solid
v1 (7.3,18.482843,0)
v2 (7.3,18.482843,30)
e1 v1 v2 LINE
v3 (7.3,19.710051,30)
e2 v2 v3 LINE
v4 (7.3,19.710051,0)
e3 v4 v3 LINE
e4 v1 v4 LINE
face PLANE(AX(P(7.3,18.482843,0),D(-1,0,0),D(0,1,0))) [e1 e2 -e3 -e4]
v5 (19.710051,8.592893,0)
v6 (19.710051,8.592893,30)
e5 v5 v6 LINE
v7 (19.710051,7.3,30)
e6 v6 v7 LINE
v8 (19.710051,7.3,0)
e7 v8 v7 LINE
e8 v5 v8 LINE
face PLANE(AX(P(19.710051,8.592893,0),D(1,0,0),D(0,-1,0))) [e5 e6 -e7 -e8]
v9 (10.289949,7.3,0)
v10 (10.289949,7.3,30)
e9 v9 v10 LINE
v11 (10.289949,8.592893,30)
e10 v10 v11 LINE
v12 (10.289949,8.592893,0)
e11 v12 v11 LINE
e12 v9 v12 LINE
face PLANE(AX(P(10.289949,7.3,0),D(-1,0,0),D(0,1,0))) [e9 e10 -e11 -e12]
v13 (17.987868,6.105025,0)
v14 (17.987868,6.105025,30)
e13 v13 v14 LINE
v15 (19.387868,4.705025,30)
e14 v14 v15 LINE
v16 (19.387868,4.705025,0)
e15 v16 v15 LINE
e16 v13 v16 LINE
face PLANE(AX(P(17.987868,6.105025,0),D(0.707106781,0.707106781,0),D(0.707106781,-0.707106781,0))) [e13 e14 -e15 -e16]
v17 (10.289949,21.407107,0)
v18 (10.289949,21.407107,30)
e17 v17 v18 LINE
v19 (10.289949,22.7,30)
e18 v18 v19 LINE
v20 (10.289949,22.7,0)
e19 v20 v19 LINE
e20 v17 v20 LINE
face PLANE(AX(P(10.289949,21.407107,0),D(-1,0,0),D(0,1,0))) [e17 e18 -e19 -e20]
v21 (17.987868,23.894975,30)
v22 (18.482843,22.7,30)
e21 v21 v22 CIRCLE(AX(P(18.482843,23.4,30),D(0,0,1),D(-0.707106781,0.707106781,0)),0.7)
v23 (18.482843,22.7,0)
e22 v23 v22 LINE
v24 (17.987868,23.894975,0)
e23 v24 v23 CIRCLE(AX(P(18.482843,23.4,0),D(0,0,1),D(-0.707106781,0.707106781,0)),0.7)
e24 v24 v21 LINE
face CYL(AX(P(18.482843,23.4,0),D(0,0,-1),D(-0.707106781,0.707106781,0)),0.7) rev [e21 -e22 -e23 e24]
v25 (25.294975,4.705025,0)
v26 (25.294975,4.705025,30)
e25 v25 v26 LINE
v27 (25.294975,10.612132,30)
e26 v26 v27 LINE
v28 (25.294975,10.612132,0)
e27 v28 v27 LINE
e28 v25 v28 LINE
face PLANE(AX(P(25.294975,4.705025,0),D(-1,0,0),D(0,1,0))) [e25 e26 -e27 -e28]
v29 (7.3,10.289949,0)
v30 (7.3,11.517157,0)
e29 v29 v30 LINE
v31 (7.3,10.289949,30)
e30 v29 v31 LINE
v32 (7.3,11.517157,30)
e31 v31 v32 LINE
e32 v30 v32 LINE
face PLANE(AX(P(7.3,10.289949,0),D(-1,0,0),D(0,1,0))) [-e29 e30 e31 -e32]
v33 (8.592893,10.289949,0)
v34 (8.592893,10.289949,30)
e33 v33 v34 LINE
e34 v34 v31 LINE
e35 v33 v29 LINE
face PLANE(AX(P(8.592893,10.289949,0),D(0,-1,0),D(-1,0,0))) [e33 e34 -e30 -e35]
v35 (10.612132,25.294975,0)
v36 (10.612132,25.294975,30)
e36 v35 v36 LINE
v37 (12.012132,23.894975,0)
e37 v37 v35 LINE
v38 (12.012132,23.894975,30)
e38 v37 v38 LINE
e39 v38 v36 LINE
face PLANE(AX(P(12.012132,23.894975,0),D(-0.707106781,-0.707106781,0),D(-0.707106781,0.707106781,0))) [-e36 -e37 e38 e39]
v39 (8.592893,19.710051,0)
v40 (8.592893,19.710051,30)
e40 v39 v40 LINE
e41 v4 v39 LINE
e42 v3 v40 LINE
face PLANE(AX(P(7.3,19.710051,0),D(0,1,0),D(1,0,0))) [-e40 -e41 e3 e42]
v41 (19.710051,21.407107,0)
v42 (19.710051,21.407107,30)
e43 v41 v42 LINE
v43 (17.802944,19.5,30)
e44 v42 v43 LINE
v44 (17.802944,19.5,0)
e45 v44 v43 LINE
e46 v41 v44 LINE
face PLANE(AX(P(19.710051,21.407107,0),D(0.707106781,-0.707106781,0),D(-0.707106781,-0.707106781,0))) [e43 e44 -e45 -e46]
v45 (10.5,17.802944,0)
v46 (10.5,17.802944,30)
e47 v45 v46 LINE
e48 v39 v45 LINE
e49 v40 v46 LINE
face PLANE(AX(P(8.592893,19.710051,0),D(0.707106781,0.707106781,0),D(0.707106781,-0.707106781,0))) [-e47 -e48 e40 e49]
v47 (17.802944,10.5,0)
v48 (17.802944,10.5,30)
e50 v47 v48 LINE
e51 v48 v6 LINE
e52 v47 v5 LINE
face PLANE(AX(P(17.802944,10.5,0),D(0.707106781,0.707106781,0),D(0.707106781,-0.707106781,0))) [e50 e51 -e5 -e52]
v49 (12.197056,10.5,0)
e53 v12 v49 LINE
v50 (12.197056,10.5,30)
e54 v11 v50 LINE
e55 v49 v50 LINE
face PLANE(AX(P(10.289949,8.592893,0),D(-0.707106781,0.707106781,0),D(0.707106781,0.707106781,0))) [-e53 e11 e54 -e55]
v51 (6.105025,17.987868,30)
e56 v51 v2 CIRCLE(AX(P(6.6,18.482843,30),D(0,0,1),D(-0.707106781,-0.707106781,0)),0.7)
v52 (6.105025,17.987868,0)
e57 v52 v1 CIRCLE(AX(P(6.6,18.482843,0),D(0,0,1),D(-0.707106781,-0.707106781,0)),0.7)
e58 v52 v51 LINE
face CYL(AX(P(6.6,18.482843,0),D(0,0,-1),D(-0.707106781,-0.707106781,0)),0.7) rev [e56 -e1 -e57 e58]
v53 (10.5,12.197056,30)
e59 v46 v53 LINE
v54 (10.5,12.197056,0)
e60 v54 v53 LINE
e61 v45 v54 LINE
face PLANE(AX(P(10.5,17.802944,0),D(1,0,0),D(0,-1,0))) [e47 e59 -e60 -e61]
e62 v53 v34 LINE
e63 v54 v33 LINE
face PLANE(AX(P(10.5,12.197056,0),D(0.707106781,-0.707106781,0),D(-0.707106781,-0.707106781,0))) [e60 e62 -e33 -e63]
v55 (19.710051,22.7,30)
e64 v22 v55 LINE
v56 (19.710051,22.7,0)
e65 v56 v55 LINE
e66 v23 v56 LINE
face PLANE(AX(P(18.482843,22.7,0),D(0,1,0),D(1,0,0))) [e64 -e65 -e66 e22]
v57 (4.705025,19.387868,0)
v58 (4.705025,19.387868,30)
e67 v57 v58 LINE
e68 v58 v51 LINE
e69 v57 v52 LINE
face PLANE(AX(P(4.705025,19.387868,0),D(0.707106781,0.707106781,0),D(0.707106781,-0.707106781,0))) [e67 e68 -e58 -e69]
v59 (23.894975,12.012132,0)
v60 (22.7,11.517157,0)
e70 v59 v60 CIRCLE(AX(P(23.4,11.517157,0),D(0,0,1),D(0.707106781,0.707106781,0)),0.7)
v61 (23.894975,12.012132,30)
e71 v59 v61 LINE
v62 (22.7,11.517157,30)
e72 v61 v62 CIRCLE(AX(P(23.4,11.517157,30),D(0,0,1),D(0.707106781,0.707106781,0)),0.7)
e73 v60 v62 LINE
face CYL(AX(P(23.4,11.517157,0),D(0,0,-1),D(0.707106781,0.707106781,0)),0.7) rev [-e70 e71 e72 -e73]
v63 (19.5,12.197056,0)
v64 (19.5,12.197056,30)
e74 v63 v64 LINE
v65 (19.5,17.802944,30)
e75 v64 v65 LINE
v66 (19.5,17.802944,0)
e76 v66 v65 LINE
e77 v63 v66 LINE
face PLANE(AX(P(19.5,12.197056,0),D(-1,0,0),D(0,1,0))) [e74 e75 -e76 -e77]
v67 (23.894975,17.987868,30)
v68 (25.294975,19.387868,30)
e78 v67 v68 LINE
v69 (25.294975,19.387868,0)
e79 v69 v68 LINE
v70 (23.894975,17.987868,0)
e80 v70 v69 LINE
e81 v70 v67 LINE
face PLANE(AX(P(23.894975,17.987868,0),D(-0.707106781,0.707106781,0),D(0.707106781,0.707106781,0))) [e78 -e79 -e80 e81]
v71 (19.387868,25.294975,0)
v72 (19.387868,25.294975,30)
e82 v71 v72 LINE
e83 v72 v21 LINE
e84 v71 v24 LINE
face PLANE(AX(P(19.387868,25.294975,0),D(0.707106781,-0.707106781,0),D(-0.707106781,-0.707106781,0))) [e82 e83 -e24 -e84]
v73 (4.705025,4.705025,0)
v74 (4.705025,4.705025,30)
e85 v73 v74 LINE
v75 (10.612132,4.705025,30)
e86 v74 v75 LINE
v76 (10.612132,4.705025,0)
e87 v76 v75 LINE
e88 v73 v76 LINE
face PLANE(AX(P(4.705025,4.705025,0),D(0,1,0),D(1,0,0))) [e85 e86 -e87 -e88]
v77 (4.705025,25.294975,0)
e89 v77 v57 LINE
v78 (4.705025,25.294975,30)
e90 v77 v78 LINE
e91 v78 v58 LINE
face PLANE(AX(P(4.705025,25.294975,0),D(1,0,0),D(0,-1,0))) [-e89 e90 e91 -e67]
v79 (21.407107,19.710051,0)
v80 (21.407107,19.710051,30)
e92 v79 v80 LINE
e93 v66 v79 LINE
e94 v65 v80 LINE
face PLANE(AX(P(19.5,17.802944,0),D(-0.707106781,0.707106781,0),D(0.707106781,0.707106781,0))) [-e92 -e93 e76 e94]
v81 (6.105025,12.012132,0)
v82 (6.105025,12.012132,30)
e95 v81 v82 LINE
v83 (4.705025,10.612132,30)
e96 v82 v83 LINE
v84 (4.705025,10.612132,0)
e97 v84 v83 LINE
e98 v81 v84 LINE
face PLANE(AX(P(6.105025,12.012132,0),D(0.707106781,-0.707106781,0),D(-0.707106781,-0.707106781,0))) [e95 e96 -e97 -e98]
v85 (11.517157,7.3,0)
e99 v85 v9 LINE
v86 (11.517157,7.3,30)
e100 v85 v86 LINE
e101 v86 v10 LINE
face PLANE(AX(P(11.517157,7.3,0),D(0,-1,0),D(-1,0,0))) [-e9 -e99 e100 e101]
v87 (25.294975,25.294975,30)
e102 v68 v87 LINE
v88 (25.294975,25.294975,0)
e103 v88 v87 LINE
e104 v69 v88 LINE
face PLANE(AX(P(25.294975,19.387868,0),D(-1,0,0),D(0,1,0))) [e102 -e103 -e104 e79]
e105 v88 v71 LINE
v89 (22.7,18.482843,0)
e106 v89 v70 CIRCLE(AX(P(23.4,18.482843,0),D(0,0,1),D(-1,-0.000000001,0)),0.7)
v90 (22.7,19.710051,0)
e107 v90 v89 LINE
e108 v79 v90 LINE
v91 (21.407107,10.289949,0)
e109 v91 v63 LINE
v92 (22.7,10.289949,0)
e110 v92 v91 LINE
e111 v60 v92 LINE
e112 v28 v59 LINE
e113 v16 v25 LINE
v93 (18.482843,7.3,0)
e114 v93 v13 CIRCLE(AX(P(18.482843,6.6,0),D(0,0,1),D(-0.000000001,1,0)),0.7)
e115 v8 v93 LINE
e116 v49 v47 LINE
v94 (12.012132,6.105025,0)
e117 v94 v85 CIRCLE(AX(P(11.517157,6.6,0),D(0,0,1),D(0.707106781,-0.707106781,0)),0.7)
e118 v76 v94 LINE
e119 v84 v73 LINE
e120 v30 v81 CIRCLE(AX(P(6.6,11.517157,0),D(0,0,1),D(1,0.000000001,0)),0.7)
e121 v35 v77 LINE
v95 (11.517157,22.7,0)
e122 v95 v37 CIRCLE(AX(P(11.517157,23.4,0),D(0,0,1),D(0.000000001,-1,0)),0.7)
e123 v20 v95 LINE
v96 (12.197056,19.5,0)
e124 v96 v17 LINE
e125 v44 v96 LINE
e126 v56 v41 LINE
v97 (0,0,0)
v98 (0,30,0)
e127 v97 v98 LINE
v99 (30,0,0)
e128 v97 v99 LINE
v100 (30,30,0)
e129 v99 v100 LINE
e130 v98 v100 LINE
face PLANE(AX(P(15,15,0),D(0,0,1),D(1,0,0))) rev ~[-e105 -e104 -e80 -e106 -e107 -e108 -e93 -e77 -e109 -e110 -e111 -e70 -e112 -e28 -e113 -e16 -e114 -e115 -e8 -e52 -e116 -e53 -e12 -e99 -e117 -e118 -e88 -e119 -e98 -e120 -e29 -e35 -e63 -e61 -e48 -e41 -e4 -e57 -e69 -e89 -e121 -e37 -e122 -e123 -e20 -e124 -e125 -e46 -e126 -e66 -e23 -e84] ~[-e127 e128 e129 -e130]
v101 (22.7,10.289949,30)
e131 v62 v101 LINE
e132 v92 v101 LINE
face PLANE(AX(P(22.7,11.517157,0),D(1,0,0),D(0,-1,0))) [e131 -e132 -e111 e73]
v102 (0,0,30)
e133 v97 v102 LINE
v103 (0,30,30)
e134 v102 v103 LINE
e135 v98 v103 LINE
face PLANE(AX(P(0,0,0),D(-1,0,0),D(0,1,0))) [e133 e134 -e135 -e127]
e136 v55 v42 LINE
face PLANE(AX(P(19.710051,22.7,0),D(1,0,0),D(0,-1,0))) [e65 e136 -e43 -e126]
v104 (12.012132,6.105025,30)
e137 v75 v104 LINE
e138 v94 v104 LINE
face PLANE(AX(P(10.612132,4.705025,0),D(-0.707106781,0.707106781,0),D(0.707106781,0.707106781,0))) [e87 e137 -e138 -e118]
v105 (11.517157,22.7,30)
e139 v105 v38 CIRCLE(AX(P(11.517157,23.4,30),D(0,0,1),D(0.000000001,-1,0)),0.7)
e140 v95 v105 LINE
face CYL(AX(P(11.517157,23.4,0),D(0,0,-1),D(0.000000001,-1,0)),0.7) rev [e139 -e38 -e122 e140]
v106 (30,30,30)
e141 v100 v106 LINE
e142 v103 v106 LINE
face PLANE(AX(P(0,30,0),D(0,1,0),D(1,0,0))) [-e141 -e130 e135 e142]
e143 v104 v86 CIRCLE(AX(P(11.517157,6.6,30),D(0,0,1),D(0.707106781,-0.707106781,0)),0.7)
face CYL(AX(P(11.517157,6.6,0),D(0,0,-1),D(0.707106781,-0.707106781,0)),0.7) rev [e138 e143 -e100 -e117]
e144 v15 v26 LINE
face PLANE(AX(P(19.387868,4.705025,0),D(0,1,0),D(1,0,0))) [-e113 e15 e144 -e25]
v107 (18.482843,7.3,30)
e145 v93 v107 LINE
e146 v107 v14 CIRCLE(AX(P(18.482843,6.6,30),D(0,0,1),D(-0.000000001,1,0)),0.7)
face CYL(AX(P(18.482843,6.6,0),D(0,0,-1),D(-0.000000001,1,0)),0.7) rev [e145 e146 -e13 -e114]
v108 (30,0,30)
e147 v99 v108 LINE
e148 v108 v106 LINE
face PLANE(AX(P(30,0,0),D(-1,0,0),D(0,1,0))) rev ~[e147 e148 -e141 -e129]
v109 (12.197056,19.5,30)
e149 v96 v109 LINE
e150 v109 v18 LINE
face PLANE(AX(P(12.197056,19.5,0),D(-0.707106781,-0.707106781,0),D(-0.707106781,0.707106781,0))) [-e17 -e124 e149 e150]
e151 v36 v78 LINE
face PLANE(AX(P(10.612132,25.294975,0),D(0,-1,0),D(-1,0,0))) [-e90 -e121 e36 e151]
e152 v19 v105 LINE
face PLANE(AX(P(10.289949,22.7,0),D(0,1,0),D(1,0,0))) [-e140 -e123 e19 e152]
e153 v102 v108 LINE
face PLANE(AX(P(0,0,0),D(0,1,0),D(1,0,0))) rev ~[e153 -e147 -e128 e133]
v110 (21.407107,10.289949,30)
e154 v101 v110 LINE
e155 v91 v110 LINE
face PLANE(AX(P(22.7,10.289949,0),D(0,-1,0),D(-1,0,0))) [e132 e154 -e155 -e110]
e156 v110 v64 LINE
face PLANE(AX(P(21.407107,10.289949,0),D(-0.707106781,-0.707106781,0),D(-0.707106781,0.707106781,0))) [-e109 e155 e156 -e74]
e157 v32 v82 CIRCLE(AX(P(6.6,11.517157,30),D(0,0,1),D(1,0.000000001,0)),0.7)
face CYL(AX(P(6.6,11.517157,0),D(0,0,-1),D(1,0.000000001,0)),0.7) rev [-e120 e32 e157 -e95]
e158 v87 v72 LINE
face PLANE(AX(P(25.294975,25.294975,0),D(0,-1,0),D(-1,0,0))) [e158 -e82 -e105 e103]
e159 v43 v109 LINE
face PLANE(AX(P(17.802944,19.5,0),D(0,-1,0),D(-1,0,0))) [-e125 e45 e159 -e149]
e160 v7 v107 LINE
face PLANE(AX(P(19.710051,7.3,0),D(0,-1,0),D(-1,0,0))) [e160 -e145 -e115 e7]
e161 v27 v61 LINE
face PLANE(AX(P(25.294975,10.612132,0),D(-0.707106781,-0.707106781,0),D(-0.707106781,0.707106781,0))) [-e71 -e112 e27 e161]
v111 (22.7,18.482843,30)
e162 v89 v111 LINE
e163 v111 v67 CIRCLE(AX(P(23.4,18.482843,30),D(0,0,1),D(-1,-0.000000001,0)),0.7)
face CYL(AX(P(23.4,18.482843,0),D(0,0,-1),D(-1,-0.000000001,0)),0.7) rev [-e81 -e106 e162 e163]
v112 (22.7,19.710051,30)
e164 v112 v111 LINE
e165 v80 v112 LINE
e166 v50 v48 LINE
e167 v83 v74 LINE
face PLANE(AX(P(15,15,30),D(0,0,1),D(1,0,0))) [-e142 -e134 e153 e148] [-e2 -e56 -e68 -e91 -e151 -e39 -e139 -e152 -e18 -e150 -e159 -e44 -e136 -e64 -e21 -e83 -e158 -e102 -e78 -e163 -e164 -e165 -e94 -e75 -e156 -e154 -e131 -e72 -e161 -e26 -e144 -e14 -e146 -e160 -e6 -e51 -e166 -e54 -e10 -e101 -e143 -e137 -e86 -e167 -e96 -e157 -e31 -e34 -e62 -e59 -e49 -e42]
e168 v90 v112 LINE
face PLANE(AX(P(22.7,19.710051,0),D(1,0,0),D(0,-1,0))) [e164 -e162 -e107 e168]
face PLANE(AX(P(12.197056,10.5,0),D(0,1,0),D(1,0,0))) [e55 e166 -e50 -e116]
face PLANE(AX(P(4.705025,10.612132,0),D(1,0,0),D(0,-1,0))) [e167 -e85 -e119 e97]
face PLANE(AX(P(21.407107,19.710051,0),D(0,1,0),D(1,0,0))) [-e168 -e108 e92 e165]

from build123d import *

# Parameters (mm, degrees)
SKETCH1_W           = 30
SKETCH1_H           = 30
BOSS_EXTRUDE1_DEPTH = 30


with BuildPart() as part:
    # Sketch1 → Boss-Extrude1 (new body)
    with BuildSketch(Plane.XY):
        with Locations((15, 15)):
            Rectangle(SKETCH1_W, SKETCH1_H)
        with BuildLine():
            Line((17.802943725, 19.5), (12.197056275, 19.5))
            Line((12.197056275, 19.5), (10.289949494, 21.407106781))
            Line((10.289949494, 21.407106781), (10.289949494, 22.7))
            Line((10.289949494, 22.7), (11.517157288, 22.7))
            ThreePointArc((11.517157288, 22.7), (12.16387296, 23.132121597), (12.012132034, 23.894974747))
            Line((12.012132034, 23.894974747), (10.612132034, 25.294974747))
            Line((10.612132034, 25.294974747), (4.705025253, 25.294974747))
            Line((4.705025253, 25.294974747), (4.705025253, 19.387867966))
            Line((4.705025253, 19.387867966), (6.105025253, 17.987867966))
            ThreePointArc((6.105025253, 17.987867966), (6.867878403, 17.83612704), (7.3, 18.482842712))
            Line((7.3, 18.482842712), (7.3, 19.710050506))
            Line((7.3, 19.710050506), (8.592893219, 19.710050506))
            Line((8.592893219, 19.710050506), (10.5, 17.802943725))
            Line((10.5, 17.802943725), (10.5, 12.197056275))
            Line((10.5, 12.197056275), (8.592893219, 10.289949494))
            Line((8.592893219, 10.289949494), (7.3, 10.289949494))
            Line((7.3, 10.289949494), (7.3, 11.517157288))
            ThreePointArc((7.3, 11.517157288), (6.867878403, 12.16387296), (6.105025253, 12.012132034))
            Line((6.105025253, 12.012132034), (4.705025253, 10.612132034))
            Line((4.705025253, 10.612132034), (4.705025253, 4.705025253))
            Line((4.705025253, 4.705025253), (10.612132034, 4.705025253))
            Line((10.612132034, 4.705025253), (12.012132034, 6.105025253))
            ThreePointArc((12.012132034, 6.105025253), (12.16387296, 6.867878403), (11.517157288, 7.3))
            Line((11.517157288, 7.3), (10.289949494, 7.3))
            Line((10.289949494, 7.3), (10.289949494, 8.592893219))
            Line((10.289949494, 8.592893219), (12.197056275, 10.5))
            Line((12.197056275, 10.5), (17.802943725, 10.5))
            Line((17.802943725, 10.5), (19.710050506, 8.592893219))
            Line((19.710050506, 8.592893219), (19.710050506, 7.3))
            Line((19.710050506, 7.3), (18.482842712, 7.3))
            ThreePointArc((18.482842712, 7.3), (17.83612704, 6.867878403), (17.987867966, 6.105025253))
            Line((17.987867966, 6.105025253), (19.387867966, 4.705025253))
            Line((19.387867966, 4.705025253), (25.294974747, 4.705025253))
            Line((25.294974747, 4.705025253), (25.294974747, 10.612132034))
            Line((25.294974747, 10.612132034), (23.894974747, 12.012132034))
            ThreePointArc((23.894974747, 12.012132034), (23.132121597, 12.16387296), (22.7, 11.517157288))
            Line((22.7, 11.517157288), (22.7, 10.289949494))
            Line((22.7, 10.289949494), (21.407106781, 10.289949494))
            Line((21.407106781, 10.289949494), (19.5, 12.197056275))
            Line((19.5, 12.197056275), (19.5, 17.802943725))
            Line((19.5, 17.802943725), (21.407106781, 19.710050506))
            Line((21.407106781, 19.710050506), (22.7, 19.710050506))
            Line((22.7, 19.710050506), (22.7, 18.482842712))
            ThreePointArc((22.7, 18.482842712), (23.132121597, 17.83612704), (23.894974747, 17.987867966))
            Line((23.894974747, 17.987867966), (25.294974747, 19.387867966))
            Line((25.294974747, 19.387867966), (25.294974747, 25.294974747))
            Line((25.294974747, 25.294974747), (19.387867966, 25.294974747))
            Line((19.387867966, 25.294974747), (17.987867966, 23.894974747))
            ThreePointArc((17.987867966, 23.894974747), (17.83612704, 23.132121597), (18.482842712, 22.7))
            Line((18.482842712, 22.7), (19.710050506, 22.7))
            Line((19.710050506, 22.7), (19.710050506, 21.407106781))
            Line((19.710050506, 21.407106781), (17.802943725, 19.5))
        make_face(mode=Mode.SUBTRACT)
    extrude(amount=BOSS_EXTRUDE1_DEPTH)


solid = part.part
